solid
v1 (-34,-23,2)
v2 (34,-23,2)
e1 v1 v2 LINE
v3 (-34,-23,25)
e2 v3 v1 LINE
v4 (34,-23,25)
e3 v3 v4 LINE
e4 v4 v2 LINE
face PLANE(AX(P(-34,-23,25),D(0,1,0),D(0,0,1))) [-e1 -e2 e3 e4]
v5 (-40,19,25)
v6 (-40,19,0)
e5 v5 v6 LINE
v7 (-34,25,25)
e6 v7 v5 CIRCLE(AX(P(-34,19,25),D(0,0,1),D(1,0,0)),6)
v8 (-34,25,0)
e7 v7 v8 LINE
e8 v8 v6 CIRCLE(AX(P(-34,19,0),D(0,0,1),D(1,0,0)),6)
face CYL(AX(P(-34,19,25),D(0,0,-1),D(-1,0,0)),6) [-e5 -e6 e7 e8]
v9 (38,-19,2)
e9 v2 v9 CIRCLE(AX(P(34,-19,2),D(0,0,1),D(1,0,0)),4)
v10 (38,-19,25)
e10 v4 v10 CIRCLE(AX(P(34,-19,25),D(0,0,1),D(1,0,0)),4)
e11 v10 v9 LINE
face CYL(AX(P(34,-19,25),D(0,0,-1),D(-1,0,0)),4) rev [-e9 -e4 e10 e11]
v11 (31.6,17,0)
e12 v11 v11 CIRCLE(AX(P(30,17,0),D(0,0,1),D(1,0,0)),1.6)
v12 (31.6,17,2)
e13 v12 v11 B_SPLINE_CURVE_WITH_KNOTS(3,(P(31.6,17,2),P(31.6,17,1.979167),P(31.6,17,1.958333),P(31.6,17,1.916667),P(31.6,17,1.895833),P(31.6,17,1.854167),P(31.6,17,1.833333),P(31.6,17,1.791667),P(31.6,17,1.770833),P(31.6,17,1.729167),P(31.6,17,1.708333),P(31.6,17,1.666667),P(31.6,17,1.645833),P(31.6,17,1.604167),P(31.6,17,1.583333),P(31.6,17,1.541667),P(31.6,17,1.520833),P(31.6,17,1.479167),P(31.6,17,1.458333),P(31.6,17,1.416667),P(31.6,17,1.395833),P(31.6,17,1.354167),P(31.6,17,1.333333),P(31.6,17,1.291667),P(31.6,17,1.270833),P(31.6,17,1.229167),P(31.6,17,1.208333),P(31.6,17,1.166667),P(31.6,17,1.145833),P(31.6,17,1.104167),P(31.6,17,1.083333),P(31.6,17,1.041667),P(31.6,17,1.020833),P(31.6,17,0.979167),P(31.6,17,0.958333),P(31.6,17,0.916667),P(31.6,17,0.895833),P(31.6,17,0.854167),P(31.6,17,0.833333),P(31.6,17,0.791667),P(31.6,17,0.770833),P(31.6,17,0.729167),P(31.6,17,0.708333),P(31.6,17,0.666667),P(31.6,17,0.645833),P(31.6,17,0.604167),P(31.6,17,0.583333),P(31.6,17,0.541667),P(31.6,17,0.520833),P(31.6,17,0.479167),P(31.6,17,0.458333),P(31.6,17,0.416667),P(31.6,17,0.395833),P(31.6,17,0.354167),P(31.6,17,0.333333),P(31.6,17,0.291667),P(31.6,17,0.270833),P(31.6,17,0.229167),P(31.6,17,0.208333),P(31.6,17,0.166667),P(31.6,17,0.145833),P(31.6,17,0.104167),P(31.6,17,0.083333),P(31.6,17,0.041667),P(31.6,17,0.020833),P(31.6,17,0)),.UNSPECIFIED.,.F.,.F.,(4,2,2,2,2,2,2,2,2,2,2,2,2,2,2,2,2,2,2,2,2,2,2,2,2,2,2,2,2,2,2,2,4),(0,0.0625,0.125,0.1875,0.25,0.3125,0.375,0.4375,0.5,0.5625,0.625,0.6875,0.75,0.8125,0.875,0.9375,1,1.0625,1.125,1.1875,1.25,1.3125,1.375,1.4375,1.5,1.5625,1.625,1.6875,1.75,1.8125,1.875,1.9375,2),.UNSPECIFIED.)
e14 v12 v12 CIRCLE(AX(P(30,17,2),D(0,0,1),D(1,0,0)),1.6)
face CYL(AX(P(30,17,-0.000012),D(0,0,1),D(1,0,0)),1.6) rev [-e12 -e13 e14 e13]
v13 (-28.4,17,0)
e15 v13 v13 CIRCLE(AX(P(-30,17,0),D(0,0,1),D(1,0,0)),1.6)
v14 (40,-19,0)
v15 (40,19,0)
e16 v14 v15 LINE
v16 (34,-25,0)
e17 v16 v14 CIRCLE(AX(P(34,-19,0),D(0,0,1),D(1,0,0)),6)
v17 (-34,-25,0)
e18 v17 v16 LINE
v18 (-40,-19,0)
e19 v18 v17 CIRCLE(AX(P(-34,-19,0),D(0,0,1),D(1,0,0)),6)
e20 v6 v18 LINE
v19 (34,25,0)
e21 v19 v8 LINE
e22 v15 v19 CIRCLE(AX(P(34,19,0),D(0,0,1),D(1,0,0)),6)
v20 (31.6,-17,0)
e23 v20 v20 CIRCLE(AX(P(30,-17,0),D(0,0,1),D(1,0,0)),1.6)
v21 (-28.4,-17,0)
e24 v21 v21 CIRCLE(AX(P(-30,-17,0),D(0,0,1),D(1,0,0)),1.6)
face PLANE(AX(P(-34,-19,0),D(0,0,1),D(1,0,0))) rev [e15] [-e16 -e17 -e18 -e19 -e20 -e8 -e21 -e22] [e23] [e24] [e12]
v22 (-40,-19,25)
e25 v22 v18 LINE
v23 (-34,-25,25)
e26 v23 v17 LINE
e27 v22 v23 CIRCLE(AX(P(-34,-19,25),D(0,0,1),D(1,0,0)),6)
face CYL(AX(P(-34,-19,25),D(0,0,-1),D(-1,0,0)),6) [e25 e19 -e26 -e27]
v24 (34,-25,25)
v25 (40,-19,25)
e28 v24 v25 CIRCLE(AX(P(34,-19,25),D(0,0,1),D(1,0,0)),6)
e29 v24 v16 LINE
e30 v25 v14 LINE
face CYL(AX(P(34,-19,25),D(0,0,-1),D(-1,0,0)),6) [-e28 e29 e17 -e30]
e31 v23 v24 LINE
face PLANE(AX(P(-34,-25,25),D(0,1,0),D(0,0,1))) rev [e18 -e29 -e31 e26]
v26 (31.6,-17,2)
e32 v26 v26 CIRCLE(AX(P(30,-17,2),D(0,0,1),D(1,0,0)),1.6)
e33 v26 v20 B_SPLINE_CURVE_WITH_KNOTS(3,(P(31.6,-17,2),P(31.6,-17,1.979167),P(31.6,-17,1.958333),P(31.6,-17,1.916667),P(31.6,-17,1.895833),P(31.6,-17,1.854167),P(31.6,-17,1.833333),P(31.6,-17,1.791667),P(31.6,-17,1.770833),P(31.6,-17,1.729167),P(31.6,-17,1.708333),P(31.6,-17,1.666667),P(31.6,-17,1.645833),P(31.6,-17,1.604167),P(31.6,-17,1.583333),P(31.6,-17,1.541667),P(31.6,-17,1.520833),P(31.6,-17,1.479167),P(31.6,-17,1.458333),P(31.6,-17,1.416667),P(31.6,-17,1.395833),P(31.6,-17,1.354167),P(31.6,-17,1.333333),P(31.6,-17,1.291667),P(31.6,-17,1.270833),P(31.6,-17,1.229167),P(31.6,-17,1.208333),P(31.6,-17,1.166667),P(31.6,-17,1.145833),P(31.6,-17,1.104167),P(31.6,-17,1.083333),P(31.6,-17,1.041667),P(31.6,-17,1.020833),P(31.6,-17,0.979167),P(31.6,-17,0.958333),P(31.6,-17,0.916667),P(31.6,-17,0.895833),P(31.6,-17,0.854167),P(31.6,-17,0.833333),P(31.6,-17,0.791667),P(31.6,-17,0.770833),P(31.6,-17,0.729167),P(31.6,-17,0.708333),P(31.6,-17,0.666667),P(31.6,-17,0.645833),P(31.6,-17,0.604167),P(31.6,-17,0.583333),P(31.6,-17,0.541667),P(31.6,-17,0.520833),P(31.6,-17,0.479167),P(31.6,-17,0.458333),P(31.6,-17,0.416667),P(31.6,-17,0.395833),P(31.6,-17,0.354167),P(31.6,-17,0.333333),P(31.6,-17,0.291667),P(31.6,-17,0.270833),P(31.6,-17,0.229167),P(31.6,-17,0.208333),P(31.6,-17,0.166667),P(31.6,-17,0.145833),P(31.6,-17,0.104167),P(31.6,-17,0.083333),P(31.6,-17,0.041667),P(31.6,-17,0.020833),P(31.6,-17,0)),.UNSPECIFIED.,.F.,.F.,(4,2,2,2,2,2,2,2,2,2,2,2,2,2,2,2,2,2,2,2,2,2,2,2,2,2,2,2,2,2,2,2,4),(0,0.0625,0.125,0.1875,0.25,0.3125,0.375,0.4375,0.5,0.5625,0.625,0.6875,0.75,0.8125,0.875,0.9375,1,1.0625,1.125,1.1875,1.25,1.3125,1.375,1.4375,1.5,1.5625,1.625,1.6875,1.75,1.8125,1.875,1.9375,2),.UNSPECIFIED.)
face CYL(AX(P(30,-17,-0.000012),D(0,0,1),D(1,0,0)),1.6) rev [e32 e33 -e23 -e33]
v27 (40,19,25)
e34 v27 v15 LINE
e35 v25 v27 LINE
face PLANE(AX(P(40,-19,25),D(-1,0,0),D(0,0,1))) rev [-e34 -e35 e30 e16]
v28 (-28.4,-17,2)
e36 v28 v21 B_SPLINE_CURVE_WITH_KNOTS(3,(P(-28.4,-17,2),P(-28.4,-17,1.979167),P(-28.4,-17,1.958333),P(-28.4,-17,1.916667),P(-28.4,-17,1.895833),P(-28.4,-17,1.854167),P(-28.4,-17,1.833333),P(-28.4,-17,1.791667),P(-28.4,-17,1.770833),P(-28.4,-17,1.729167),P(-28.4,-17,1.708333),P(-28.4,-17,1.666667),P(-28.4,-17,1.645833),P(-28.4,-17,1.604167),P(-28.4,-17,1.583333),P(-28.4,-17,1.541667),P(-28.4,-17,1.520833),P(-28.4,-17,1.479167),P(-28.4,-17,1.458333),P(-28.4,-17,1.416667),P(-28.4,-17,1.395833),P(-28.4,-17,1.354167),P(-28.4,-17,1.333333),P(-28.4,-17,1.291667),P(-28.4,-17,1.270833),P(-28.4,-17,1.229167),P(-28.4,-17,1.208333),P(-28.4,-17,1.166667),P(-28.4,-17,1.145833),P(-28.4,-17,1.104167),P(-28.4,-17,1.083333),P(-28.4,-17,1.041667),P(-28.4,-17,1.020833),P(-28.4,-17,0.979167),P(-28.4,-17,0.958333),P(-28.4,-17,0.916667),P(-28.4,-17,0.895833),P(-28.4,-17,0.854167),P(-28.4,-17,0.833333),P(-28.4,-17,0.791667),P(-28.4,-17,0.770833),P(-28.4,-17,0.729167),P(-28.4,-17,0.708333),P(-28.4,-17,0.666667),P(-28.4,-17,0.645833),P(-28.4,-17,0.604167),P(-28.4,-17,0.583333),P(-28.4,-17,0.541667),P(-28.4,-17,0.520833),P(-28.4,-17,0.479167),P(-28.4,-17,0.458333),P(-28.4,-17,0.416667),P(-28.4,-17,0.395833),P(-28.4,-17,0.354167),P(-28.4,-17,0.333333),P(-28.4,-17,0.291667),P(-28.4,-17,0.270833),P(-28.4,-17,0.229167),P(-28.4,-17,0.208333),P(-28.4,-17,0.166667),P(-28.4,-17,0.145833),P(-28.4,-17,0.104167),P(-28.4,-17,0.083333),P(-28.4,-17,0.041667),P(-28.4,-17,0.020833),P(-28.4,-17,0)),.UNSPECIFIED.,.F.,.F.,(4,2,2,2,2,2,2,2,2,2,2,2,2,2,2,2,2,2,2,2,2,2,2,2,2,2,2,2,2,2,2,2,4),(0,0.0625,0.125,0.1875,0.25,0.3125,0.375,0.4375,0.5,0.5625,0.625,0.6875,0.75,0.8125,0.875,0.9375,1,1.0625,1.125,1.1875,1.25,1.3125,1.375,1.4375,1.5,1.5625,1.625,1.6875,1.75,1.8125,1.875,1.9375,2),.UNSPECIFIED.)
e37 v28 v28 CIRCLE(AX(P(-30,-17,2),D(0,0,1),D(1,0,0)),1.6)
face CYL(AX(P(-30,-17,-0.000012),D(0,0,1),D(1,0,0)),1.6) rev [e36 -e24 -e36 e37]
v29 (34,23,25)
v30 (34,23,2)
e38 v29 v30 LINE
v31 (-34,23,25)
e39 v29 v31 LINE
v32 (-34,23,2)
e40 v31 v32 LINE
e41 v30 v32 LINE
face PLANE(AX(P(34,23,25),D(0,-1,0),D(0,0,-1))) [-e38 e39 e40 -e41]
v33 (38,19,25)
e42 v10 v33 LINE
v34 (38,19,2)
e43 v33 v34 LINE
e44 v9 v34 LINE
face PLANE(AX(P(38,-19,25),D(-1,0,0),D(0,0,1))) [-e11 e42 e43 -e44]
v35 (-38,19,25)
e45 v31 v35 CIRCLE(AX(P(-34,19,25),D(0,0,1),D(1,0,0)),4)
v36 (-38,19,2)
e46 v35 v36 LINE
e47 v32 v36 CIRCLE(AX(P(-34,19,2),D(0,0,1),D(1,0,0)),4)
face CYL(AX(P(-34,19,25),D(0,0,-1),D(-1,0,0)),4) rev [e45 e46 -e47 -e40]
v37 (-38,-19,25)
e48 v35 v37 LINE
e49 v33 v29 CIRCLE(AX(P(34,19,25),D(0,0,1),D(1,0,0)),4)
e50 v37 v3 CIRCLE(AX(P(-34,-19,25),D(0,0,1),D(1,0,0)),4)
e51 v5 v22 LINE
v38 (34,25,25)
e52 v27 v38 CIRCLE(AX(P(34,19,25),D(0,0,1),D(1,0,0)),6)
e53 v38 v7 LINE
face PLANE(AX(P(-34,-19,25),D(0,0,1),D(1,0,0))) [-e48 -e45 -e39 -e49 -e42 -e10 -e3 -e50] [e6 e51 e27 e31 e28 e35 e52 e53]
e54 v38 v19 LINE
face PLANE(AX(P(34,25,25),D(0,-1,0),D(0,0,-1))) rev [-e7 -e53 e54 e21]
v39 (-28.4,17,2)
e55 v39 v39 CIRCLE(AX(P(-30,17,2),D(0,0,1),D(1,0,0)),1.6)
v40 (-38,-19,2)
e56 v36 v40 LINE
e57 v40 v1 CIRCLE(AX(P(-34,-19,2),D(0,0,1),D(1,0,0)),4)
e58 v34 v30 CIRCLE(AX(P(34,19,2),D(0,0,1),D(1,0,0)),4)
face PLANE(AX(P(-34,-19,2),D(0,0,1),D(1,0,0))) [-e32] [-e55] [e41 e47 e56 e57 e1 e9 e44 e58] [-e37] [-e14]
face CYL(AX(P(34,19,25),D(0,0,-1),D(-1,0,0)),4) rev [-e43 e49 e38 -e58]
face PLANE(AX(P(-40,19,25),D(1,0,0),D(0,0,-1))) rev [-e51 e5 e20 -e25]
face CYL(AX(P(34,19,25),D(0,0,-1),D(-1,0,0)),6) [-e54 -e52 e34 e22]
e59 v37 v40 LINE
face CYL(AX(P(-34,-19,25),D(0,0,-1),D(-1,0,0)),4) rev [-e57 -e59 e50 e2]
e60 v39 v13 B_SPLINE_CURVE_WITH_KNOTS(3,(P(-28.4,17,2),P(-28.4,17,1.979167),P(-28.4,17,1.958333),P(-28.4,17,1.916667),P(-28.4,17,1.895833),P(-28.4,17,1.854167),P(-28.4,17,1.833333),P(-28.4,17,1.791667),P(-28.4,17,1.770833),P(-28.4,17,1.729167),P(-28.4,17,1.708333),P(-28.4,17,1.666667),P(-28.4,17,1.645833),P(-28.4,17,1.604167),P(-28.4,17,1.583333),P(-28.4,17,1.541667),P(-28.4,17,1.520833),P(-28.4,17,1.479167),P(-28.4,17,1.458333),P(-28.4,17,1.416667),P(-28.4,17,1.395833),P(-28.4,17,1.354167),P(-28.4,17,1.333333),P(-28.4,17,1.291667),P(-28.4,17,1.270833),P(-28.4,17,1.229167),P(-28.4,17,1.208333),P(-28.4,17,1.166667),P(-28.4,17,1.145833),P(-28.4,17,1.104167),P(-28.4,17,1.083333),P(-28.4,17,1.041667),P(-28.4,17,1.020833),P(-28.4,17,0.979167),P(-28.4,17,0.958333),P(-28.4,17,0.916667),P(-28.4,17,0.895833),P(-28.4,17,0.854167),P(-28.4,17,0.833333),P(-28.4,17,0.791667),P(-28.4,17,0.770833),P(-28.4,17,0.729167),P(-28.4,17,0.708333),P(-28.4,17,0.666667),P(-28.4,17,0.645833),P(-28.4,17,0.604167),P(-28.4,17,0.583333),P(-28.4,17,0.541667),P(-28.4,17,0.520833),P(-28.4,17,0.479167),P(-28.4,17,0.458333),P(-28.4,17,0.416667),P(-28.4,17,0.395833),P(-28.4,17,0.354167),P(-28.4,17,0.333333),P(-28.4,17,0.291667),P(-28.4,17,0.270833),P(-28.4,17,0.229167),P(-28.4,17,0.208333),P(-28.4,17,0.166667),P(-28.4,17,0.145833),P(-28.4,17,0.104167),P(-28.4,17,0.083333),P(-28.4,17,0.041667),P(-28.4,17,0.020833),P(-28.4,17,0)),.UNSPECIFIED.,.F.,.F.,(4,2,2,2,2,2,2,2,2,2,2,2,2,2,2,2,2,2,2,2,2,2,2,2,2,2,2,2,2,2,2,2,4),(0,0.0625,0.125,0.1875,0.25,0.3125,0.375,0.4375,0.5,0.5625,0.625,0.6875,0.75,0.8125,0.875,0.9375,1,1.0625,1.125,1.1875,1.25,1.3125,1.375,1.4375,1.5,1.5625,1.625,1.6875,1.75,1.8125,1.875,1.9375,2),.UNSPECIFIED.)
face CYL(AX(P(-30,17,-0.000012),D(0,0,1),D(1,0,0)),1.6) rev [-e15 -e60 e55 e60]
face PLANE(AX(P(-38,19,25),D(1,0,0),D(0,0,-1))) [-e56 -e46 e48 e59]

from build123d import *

# Parameters (mm, degrees)
BODY_BLOCK_DEPTH       = 25
BODY_SHELL_T           = -2
FLOOR_HOLES_DEPTH      = 54.38539126
FLOOR_HOLES_DEPTH_BACK = 54.38539126
SKETCH2_R              = 1.6


with BuildPart() as part:
    # Sketch1 → Body_Block (new body)
    with BuildSketch(Plane.XY):
        with BuildLine():
            Line((-34, -25), (34, -25))
            ThreePointArc((34, -25), (38.242640687, -23.242640687), (40, -19))
            Line((40, -19), (40, 19))
            ThreePointArc((40, 19), (38.242640687, 23.242640687), (34, 25))
            Line((34, 25), (-34, 25))
            ThreePointArc((-34, 25), (-38.242640687, 23.242640687), (-40, 19))
            Line((-40, 19), (-40, -19))
            ThreePointArc((-40, -19), (-38.242640687, -23.242640687), (-34, -25))
        make_face()
    extrude(amount=BODY_BLOCK_DEPTH)

    # Body_Shell
    body_shell_openings = [part.faces().sort_by_distance(p)[0] for p in [
        (0, 0, 25),
    ]]
    offset(amount=BODY_SHELL_T, openings=body_shell_openings, kind=Kind.INTERSECTION)

    # Sketch2 → Floor_Holes (cut, two sides: drawn at the far end of the back side and taken through both)
    with BuildSketch(Plane.XY.offset(-FLOOR_HOLES_DEPTH_BACK)):
        with Locations((-30, -17)):
            Circle(SKETCH2_R)
        with Locations((-30, 17)):
            Circle(SKETCH2_R)
        with Locations((30, -17)):
            Circle(SKETCH2_R)
        with Locations((30, 17)):
            Circle(SKETCH2_R)
    extrude(amount=FLOOR_HOLES_DEPTH + FLOOR_HOLES_DEPTH_BACK, mode=Mode.SUBTRACT)


solid = part.part
